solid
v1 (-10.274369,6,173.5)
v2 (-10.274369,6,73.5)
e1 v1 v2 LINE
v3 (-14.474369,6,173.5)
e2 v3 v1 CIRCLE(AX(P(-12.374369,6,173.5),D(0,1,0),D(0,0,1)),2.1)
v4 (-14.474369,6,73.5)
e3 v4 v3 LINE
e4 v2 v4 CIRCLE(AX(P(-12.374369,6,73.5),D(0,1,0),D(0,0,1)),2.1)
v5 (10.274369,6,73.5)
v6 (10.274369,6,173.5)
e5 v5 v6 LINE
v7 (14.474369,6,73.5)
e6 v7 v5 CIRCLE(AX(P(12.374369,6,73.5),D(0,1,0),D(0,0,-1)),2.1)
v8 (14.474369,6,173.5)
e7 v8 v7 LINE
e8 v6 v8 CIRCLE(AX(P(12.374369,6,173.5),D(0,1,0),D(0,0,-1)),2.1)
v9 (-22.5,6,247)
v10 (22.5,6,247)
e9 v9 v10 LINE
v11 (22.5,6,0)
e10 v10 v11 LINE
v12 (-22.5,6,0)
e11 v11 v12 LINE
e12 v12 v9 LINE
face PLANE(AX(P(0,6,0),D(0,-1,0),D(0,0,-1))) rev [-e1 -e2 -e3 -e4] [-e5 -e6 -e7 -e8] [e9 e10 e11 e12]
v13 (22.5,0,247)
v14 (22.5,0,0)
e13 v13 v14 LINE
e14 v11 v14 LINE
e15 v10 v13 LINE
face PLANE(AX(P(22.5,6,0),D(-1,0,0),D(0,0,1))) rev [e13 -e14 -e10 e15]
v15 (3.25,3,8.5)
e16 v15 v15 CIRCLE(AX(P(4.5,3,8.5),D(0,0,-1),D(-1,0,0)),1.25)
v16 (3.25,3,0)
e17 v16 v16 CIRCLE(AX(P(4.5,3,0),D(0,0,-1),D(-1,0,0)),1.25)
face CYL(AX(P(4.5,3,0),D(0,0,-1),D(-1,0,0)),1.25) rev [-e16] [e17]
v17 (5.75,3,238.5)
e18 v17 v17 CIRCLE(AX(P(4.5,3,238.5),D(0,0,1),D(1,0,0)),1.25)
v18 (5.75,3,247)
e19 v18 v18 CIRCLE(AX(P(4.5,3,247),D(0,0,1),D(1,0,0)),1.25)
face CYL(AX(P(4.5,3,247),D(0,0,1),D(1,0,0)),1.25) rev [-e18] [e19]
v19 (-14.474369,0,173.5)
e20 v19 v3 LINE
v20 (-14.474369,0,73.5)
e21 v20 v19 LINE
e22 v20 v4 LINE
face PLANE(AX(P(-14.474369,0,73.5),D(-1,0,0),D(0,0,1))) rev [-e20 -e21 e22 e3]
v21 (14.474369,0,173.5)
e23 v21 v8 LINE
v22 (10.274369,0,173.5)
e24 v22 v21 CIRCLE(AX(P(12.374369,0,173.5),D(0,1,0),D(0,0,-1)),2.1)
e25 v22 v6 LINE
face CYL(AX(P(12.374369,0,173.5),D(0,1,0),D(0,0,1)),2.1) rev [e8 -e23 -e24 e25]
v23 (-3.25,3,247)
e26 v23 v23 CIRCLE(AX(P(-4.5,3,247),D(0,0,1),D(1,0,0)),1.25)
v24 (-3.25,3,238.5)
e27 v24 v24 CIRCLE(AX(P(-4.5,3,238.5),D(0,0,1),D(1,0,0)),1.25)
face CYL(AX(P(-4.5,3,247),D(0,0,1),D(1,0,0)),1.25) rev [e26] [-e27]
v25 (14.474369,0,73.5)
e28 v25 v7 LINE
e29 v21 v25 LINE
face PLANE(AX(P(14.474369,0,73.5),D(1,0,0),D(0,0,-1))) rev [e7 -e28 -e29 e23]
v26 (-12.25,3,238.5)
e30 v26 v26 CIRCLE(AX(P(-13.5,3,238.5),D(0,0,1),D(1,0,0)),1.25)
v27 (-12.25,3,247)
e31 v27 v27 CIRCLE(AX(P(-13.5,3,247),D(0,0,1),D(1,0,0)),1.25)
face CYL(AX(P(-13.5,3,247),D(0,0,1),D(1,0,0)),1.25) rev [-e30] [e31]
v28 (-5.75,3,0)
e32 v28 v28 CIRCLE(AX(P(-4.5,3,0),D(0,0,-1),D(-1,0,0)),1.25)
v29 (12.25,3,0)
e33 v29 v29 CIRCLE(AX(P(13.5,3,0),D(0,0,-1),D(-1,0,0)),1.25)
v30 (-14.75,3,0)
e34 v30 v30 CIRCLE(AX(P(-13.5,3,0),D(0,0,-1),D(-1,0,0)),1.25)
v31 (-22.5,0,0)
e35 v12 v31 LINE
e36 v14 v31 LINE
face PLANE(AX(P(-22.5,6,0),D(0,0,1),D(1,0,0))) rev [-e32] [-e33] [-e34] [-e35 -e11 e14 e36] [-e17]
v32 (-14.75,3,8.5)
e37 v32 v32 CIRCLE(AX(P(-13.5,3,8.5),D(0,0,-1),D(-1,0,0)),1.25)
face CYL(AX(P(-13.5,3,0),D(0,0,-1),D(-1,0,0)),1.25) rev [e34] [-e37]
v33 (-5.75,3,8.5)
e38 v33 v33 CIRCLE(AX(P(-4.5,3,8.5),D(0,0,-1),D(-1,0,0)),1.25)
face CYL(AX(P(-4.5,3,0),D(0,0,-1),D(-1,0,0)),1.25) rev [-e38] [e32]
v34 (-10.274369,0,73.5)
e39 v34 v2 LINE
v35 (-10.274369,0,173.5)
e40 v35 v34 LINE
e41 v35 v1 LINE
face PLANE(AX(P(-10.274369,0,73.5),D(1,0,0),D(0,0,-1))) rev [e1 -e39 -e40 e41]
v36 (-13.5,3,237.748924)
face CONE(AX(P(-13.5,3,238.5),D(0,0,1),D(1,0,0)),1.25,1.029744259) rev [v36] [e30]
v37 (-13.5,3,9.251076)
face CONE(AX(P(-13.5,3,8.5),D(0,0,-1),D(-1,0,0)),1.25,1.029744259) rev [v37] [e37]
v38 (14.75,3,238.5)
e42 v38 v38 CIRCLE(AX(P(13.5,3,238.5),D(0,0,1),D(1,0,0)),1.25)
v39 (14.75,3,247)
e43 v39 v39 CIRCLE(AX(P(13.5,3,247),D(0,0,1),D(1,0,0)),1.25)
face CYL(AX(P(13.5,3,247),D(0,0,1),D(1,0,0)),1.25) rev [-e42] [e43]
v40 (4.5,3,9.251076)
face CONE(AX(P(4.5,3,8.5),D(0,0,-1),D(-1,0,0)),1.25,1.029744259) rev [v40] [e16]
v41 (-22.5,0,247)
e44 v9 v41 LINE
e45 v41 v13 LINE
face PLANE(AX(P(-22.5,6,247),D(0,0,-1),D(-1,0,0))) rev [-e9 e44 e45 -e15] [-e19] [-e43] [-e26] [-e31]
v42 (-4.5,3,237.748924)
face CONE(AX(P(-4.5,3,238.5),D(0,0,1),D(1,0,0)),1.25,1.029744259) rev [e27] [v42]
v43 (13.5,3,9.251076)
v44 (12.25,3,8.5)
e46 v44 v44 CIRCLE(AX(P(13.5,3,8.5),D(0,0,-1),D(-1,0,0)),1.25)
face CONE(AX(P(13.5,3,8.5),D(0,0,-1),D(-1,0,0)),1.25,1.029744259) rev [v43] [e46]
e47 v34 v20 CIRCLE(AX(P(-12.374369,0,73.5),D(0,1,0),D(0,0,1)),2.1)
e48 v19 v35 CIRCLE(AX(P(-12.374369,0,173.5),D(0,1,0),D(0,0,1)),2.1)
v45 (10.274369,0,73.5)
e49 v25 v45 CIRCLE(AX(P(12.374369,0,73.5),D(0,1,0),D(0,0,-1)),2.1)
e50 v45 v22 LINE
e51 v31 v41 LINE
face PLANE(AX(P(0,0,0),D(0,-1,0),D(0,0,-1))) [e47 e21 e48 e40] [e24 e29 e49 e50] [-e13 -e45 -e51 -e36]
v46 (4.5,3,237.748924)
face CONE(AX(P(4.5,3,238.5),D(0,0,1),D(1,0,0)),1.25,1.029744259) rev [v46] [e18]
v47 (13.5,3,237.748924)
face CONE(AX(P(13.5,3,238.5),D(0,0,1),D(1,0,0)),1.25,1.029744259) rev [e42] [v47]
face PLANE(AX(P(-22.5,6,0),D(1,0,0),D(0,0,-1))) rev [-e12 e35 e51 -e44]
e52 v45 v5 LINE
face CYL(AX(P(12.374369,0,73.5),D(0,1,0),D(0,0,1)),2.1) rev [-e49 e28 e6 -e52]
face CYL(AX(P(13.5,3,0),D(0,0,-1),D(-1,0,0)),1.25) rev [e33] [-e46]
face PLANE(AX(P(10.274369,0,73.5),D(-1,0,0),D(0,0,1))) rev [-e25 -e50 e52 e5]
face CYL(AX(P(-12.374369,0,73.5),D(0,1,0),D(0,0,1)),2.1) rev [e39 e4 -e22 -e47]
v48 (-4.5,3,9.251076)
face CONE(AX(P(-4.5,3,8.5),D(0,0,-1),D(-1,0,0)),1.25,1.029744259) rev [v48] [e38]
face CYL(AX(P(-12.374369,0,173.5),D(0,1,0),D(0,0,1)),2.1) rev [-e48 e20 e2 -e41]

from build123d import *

# Parameters (mm, degrees)
SKETCH_1_W          = 45
SKETCH_1_H          = 247
EXTRUDE_1_DEPTH     = 6
CUT_EXTRUDE_1_DEPTH = 249.095243808
M3X0_51_D           = 2.5
M3X0_51_DEPTH       = 8.5
M3X0_51_TIP         = 0.751075774
M3X0_52_D           = 2.5
M3X0_52_DEPTH       = 8.5
M3X0_52_TIP         = 0.751075774


with BuildPart() as part:
    # Эскиз1 → Бобышка-Вытянуть1 (new body)
    with BuildSketch(Plane(origin=(0, 0, 0), x_dir=(1, 0, 0), z_dir=(0, 1, 0))):
        with Locations((0, -123.5)):
            Rectangle(SKETCH_1_W, SKETCH_1_H)
    extrude(amount=EXTRUDE_1_DEPTH)

    # Эскиз2 → Вырез-Вытянуть1 (cut, through all)
    with BuildSketch(Plane(origin=(0, 6, 0), x_dir=(1, 0, 0), z_dir=(0, 1, 0))):
        with BuildLine():
            Line((-10.274368671, -73.5), (-10.274368671, -173.5))
            ThreePointArc((-10.274368671, -173.5), (-12.374368671, -175.6), (-14.474368671, -173.5))
            Line((-14.474368671, -173.5), (-14.474368671, -73.5))
            ThreePointArc((-14.474368671, -73.5), (-12.374368671, -71.4), (-10.274368671, -73.5))
        make_face()
        with BuildLine():
            Line((10.274368671, -73.5), (10.274368671, -173.5))
            ThreePointArc((10.274368671, -173.5), (12.374368671, -175.6), (14.474368671, -173.5))
            Line((14.474368671, -173.5), (14.474368671, -73.5))
            ThreePointArc((14.474368671, -73.5), (12.374368671, -71.4), (10.274368671, -73.5))
        make_face()
    extrude(amount=-CUT_EXTRUDE_1_DEPTH, mode=Mode.SUBTRACT)

    # Отверстие обработанное метчиком M3x0.51
    with Locations(Plane.XY.offset(247)):
        with Locations((-13.5, 3), (-4.5, 3), (4.5, 3), (13.5, 3)):
            Hole(M3X0_51_D / 2, depth=M3X0_51_DEPTH)
            with Locations((0, 0, -(M3X0_51_DEPTH + M3X0_51_TIP / 2))):  # 118° drill point
                Cone(0, M3X0_51_D / 2, M3X0_51_TIP, mode=Mode.SUBTRACT)

    # Отверстие обработанное метчиком M3x0.52
    with Locations(Plane(origin=(0, 0, 0), x_dir=(-1, 0, 0), z_dir=(0, 0, -1))):
        with Locations((-13.5, 3), (-4.5, 3), (4.5, 3), (13.5, 3)):
            Hole(M3X0_52_D / 2, depth=M3X0_52_DEPTH)
            with Locations((0, 0, -(M3X0_52_DEPTH + M3X0_52_TIP / 2))):  # 118° drill point
                Cone(0, M3X0_52_D / 2, M3X0_52_TIP, mode=Mode.SUBTRACT)


solid = part.part
